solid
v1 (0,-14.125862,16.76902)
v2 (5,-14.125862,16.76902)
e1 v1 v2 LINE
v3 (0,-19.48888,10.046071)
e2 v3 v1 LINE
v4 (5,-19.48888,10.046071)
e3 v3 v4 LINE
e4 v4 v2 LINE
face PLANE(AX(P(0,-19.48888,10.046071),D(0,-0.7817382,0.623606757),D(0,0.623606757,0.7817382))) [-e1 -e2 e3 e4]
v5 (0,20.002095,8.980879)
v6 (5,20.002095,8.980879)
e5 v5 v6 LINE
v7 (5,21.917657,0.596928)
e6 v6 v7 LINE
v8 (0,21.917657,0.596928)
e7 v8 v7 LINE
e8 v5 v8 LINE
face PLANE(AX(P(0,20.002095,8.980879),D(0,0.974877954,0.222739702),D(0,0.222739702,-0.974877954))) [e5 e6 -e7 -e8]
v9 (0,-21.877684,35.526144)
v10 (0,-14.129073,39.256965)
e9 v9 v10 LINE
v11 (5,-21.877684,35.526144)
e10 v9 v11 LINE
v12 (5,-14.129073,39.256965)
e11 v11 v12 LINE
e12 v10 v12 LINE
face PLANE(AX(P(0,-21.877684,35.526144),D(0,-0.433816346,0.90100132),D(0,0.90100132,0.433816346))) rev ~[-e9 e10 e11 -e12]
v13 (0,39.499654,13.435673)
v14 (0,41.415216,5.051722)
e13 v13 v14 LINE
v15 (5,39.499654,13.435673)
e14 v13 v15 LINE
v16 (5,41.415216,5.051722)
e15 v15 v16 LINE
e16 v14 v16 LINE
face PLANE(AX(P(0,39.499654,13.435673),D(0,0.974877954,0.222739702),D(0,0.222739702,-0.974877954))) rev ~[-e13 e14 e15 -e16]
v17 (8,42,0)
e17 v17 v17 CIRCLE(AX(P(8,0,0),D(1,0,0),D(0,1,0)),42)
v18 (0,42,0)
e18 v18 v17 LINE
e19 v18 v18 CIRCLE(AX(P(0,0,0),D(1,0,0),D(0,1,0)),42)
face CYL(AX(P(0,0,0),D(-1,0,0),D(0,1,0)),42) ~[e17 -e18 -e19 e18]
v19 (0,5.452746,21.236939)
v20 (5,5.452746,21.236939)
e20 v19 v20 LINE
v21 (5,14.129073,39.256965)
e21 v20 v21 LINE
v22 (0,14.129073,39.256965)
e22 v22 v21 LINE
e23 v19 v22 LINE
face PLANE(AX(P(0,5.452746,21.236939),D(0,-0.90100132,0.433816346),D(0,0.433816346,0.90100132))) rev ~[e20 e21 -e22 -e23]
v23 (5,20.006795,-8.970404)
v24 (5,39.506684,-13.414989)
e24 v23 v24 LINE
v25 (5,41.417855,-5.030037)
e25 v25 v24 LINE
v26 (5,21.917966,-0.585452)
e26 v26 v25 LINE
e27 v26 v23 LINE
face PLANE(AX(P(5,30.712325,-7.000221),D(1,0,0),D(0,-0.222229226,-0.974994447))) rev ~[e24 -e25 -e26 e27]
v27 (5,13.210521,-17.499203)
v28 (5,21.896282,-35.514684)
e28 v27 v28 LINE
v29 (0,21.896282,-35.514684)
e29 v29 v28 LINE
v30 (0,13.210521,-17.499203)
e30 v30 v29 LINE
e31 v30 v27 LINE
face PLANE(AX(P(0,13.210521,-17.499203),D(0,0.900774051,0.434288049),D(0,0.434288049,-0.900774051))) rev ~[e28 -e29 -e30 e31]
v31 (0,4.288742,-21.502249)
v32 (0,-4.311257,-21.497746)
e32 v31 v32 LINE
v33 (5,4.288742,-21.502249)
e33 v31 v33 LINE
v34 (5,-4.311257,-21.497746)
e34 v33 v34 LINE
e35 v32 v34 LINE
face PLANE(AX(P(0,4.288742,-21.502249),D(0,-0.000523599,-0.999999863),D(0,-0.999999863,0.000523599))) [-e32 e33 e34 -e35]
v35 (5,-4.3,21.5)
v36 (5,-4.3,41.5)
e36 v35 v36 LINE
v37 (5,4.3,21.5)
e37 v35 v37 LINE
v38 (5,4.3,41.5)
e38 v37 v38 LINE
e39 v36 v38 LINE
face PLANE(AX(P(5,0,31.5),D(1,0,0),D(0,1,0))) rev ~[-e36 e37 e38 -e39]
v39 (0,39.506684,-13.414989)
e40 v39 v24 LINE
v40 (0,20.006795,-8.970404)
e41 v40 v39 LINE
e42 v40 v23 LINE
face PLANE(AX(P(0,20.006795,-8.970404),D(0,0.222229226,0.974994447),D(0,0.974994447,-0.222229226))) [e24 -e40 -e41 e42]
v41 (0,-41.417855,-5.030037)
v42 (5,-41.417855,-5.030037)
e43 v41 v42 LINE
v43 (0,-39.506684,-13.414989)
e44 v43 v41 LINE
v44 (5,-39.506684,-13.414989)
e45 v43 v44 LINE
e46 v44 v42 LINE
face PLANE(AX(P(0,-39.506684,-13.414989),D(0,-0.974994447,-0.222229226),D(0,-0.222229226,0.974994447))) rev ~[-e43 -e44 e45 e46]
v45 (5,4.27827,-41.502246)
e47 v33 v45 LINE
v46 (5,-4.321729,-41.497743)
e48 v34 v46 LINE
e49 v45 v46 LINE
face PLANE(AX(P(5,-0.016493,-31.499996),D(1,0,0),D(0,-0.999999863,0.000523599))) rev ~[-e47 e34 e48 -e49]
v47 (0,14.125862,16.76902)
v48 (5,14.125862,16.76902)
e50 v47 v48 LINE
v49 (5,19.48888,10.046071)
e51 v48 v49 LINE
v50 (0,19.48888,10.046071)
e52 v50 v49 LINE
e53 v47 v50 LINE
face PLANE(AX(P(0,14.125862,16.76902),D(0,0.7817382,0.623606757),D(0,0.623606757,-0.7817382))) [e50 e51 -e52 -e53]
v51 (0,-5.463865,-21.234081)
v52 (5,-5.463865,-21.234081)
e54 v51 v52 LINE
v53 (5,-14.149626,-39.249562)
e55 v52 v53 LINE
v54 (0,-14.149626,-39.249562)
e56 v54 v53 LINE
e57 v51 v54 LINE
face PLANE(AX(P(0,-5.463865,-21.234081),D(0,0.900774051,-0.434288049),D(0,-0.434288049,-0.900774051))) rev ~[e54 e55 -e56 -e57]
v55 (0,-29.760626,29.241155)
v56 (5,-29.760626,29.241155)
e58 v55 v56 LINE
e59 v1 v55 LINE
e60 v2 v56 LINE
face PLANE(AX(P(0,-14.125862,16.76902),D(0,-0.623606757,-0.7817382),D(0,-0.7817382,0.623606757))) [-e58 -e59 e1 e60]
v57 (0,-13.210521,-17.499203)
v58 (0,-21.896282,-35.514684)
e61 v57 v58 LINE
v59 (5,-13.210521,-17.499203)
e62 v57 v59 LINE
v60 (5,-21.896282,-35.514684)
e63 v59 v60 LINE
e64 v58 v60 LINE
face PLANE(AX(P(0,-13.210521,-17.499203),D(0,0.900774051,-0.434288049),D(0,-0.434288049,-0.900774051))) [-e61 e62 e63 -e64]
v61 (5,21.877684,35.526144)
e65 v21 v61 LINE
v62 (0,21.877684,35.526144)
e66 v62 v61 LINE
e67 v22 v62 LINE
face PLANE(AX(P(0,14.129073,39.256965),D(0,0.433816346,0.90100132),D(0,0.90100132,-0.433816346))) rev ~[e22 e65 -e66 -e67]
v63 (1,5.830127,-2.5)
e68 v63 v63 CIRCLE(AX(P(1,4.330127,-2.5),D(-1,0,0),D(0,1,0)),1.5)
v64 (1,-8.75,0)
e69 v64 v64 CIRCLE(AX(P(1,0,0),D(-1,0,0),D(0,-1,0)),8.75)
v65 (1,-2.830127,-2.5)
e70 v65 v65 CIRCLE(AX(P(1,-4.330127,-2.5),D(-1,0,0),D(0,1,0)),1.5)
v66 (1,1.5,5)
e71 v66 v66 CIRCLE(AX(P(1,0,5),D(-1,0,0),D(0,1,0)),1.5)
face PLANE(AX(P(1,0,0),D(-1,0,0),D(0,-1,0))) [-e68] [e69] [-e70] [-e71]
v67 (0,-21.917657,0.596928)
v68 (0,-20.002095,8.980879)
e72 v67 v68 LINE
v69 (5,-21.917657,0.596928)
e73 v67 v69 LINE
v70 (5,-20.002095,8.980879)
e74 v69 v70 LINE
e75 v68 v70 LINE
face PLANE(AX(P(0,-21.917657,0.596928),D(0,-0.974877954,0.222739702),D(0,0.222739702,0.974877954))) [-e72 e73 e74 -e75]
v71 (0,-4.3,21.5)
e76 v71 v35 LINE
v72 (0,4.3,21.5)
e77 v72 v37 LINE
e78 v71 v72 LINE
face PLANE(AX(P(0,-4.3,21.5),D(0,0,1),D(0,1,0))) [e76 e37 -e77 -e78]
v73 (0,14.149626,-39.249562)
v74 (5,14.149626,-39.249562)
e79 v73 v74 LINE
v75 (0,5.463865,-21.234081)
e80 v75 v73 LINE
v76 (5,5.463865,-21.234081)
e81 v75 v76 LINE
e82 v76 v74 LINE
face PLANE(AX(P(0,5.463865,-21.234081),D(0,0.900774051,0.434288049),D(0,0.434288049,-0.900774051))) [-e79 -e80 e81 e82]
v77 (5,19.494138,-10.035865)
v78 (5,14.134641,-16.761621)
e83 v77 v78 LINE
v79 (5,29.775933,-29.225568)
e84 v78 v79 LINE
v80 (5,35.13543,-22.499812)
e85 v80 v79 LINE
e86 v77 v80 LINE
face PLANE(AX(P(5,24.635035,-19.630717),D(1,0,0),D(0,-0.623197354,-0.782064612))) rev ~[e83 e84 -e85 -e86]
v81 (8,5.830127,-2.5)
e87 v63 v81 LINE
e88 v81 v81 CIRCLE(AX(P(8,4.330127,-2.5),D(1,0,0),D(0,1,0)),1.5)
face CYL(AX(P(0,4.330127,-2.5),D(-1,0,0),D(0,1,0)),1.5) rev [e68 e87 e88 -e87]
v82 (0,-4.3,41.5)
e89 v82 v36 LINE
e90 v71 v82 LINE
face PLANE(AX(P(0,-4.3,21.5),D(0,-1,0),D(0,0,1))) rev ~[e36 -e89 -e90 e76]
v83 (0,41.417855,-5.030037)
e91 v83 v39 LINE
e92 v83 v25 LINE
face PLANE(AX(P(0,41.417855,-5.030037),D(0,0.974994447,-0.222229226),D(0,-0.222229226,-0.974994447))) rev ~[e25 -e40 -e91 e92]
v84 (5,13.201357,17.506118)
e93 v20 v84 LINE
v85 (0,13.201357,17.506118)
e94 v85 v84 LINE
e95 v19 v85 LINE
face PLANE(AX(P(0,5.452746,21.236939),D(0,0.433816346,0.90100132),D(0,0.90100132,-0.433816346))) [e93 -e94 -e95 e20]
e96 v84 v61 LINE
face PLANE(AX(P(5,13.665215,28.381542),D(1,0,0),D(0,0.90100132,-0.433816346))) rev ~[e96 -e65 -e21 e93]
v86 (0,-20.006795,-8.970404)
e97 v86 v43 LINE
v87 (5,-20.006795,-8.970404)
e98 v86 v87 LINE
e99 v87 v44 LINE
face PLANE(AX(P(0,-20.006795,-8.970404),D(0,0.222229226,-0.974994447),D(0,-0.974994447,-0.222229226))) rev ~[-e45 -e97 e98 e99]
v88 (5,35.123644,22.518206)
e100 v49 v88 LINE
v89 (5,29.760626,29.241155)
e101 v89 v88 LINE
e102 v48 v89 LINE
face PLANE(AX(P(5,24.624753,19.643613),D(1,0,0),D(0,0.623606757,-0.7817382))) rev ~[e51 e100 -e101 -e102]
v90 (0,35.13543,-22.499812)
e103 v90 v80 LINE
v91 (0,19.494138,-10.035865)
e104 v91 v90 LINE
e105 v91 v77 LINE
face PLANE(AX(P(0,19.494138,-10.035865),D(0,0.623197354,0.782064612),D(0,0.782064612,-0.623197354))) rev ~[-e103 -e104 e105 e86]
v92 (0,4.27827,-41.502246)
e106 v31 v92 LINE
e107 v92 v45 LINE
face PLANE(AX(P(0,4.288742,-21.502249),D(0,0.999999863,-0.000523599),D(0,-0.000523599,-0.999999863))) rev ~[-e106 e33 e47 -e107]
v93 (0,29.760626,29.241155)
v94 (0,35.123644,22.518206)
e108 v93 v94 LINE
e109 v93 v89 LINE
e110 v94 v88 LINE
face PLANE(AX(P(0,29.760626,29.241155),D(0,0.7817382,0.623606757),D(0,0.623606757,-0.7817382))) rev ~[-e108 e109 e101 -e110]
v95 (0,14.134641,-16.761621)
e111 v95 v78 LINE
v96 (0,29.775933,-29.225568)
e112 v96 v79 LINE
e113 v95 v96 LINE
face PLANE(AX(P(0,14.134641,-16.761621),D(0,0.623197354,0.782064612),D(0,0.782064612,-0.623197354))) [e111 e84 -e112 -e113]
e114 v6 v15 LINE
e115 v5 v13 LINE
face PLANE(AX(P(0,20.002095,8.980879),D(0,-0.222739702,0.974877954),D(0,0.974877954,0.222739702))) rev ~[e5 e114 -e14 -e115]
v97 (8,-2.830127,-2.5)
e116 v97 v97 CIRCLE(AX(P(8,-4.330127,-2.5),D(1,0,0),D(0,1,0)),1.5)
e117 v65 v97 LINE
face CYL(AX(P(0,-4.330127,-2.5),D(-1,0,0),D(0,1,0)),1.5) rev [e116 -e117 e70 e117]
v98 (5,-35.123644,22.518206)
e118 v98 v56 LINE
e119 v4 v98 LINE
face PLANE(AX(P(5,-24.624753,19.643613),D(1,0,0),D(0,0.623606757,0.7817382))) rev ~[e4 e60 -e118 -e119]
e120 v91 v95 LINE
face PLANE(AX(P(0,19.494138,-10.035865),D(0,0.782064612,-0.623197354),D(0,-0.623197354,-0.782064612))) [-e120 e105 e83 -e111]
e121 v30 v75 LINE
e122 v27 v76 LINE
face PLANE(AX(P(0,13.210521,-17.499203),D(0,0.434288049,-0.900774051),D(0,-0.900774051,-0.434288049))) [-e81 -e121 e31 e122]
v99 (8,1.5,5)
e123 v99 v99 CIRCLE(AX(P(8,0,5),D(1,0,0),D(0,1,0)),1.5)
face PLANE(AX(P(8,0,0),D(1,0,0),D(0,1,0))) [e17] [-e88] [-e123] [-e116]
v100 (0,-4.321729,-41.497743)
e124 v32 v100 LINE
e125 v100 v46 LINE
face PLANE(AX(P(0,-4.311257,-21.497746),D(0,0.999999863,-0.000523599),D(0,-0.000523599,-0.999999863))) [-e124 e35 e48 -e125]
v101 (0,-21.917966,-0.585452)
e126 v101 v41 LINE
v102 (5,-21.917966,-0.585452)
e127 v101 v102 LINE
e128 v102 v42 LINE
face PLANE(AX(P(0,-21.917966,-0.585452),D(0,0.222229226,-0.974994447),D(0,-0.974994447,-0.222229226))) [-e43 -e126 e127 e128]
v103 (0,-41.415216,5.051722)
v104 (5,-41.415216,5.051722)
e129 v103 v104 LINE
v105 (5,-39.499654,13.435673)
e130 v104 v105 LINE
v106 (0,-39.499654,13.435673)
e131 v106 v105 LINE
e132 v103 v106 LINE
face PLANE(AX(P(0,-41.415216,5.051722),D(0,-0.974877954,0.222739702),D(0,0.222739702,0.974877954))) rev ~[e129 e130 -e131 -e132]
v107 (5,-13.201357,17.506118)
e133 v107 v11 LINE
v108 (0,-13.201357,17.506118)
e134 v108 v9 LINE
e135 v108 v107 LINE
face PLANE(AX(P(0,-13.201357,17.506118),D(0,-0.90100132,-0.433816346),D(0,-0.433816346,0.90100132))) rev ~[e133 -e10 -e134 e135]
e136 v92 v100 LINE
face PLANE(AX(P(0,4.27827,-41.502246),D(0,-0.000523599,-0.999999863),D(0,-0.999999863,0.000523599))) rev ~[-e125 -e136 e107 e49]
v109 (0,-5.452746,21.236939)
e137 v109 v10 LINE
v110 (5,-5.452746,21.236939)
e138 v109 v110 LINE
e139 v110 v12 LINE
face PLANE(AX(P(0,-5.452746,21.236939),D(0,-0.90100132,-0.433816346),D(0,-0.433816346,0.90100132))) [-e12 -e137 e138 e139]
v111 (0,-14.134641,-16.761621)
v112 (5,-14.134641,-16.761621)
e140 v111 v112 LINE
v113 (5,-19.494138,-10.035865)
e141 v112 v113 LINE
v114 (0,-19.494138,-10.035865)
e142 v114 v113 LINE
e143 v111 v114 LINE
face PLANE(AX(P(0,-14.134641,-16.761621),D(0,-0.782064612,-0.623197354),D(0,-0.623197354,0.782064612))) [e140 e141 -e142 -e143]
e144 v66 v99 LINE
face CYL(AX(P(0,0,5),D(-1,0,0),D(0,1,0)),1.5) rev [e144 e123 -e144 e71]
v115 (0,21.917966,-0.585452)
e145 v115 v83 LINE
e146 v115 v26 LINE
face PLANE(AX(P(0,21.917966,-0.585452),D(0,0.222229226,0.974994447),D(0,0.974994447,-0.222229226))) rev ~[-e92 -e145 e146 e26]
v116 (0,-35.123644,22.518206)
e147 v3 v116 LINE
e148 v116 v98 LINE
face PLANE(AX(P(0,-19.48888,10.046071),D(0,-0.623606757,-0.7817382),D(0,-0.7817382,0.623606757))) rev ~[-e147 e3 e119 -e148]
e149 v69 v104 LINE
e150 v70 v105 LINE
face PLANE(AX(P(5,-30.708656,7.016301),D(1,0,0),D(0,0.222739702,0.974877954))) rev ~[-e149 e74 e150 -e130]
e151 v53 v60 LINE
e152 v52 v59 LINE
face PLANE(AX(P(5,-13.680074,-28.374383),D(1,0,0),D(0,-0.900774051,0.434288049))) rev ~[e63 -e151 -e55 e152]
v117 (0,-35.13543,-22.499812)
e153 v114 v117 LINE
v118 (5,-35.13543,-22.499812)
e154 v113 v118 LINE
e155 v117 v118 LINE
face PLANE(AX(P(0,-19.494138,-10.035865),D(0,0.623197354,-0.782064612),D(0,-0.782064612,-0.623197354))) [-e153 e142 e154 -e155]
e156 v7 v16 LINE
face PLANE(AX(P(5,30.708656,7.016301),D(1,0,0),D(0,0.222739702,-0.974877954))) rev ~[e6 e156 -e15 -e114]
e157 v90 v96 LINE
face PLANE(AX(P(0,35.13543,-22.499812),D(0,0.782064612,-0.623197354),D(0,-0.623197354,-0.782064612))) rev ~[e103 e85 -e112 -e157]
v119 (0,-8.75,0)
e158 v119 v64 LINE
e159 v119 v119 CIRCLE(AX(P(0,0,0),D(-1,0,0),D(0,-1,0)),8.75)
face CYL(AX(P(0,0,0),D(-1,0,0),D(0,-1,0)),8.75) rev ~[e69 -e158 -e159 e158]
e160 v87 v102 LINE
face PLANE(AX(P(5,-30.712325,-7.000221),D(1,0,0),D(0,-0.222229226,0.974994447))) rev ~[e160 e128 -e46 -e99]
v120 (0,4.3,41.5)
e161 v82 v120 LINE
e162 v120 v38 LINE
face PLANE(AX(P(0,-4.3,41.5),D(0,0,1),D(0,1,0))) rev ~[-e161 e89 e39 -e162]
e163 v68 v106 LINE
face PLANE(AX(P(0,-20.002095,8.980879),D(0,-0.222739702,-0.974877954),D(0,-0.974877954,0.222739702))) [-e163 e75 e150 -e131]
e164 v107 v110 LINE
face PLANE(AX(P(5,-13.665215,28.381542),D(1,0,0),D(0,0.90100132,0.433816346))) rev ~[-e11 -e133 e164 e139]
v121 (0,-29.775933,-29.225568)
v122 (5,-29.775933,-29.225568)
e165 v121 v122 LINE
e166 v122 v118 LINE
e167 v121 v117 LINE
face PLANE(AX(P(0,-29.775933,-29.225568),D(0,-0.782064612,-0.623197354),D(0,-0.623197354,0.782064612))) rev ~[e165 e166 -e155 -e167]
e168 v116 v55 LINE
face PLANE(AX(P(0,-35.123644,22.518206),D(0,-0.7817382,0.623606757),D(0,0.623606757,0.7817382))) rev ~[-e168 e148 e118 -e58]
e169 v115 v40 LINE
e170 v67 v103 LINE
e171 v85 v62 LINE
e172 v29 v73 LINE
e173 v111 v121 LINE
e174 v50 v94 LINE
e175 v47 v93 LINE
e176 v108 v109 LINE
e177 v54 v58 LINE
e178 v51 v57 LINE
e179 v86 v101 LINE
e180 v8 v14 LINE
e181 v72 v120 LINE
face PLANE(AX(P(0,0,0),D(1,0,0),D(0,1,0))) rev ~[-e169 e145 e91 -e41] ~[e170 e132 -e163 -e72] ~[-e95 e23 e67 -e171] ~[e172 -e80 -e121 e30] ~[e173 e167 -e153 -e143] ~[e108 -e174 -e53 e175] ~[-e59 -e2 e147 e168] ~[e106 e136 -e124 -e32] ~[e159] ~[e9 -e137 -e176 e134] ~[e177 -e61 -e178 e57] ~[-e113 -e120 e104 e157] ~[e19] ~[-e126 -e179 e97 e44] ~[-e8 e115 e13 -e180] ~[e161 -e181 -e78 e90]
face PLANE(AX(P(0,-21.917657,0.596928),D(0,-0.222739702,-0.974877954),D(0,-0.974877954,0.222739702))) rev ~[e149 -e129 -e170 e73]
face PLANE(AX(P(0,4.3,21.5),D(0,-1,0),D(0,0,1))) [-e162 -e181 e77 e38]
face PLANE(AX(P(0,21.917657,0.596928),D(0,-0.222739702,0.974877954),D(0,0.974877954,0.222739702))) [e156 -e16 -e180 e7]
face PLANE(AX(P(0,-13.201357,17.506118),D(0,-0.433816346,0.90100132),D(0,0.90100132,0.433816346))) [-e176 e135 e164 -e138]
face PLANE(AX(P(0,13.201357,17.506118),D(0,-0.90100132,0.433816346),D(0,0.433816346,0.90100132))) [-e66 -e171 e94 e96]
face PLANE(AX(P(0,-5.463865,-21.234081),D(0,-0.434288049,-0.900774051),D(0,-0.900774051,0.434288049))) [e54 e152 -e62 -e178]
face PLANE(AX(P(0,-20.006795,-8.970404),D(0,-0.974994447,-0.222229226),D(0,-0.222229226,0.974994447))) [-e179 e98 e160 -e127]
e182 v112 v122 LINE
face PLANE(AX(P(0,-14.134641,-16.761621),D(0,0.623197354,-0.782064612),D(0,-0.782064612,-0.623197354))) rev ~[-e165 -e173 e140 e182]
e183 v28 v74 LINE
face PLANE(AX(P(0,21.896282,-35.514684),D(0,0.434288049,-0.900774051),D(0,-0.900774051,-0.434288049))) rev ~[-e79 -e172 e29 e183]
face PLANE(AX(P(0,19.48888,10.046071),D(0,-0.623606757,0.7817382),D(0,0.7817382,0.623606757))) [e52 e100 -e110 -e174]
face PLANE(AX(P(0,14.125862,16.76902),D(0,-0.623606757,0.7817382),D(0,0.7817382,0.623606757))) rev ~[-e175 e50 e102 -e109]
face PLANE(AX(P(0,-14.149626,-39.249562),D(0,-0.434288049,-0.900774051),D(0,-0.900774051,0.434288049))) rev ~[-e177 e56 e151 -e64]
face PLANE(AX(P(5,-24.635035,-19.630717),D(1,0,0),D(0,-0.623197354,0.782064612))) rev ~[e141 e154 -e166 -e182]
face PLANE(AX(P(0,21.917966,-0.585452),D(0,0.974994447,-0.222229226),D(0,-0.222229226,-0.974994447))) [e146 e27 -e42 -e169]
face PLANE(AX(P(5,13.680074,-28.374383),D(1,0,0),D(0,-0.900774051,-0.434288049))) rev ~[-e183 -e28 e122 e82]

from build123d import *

# Parameters (mm, degrees)
SKETCH086_W             = 8.6
SKETCH086_H             = 20
PAD067_DEPTH            = 5
SKETCH087_W             = 8.6
SKETCH087_H             = 20
PAD068_DEPTH            = 5
BODY068_PLACEMENT_ANGLE = 334.29
SKETCH088_W             = 8.6
SKETCH088_H             = 20
PAD069_DEPTH            = 5
BODY069_PLACEMENT_ANGLE = 308.58
SKETCH089_W             = 8.6
SKETCH089_H             = 20
PAD070_DEPTH            = 5
BODY070_PLACEMENT_ANGLE = 282.87
SKETCH090_W             = 8.6
SKETCH090_H             = 20
PAD071_DEPTH            = 5
BODY071_PLACEMENT_ANGLE = 257.16
SKETCH091_W             = 8.6
SKETCH091_H             = 20
PAD072_DEPTH            = 5
BODY072_PLACEMENT_ANGLE = 231.45
SKETCH092_W             = 8.6
SKETCH092_H             = 20
PAD073_DEPTH            = 5
BODY073_PLACEMENT_ANGLE = 205.74
SKETCH093_W             = 8.6
SKETCH093_H             = 20
PAD074_DEPTH            = 5
BODY074_PLACEMENT_ANGLE = 179.97
SKETCH094_W             = 8.6
SKETCH094_H             = 20
PAD075_DEPTH            = 5
BODY075_PLACEMENT_ANGLE = 154.26
SKETCH095_W             = 8.6
SKETCH095_H             = 20
PAD076_DEPTH            = 5
BODY076_PLACEMENT_ANGLE = 128.55
SKETCH096_W             = 8.6
SKETCH096_H             = 20
PAD077_DEPTH            = 5
BODY077_PLACEMENT_ANGLE = 102.84
SKETCH097_W             = 8.6
SKETCH097_H             = 20
PAD078_DEPTH            = 5
BODY078_PLACEMENT_ANGLE = 77.13
SKETCH098_W             = 8.6
SKETCH098_H             = 20
PAD079_DEPTH            = 5
BODY079_PLACEMENT_ANGLE = 51.42
SKETCH099_W             = 8.6
SKETCH099_H             = 20
PAD080_DEPTH            = 5
BODY080_PLACEMENT_ANGLE = 25.71
SKETCH019_R             = 42
SKETCH019_R_2           = 1.5
PAD016_DEPTH            = 8
SKETCH100_R             = 8.75
POCKET009_DEPTH         = 1


with BuildPart() as body067:
    # Sketch086 → Pad067 (new body)
    with BuildSketch(Plane.YZ):
        with Locations((0, 31.5)):
            Rectangle(SKETCH086_W, SKETCH086_H)
    extrude(amount=PAD067_DEPTH)


with BuildPart() as body068:
    # Sketch087 → Pad068 (new body)
    with BuildSketch(Plane.YZ):
        with Locations((0, 31.5)):
            Rectangle(SKETCH087_W, SKETCH087_H)
    extrude(amount=PAD068_DEPTH)


with BuildPart() as body068_1:
    # Body068 placement: moved
    add(body068.part.rotate(Axis((0, 0, 0), (1, 0, 0)), BODY068_PLACEMENT_ANGLE))


with BuildPart() as body069:
    # Sketch088 → Pad069 (new body)
    with BuildSketch(Plane.YZ):
        with Locations((0, 31.5)):
            Rectangle(SKETCH088_W, SKETCH088_H)
    extrude(amount=PAD069_DEPTH)


with BuildPart() as body069_1:
    # Body069 placement: moved
    add(body069.part.rotate(Axis((0, 0, 0), (1, 0, 0)), BODY069_PLACEMENT_ANGLE))


with BuildPart() as body070:
    # Sketch089 → Pad070 (new body)
    with BuildSketch(Plane.YZ):
        with Locations((0, 31.5)):
            Rectangle(SKETCH089_W, SKETCH089_H)
    extrude(amount=PAD070_DEPTH)


with BuildPart() as body070_1:
    # Body070 placement: moved
    add(body070.part.rotate(Axis((0, 0, 0), (1, 0, 0)), BODY070_PLACEMENT_ANGLE))


with BuildPart() as body071:
    # Sketch090 → Pad071 (new body)
    with BuildSketch(Plane.YZ):
        with Locations((0, 31.5)):
            Rectangle(SKETCH090_W, SKETCH090_H)
    extrude(amount=PAD071_DEPTH)


with BuildPart() as body071_1:
    # Body071 placement: moved
    add(body071.part.rotate(Axis((0, 0, 0), (1, 0, 0)), BODY071_PLACEMENT_ANGLE))


with BuildPart() as body072:
    # Sketch091 → Pad072 (new body)
    with BuildSketch(Plane.YZ):
        with Locations((0, 31.5)):
            Rectangle(SKETCH091_W, SKETCH091_H)
    extrude(amount=PAD072_DEPTH)


with BuildPart() as body072_1:
    # Body072 placement: moved
    add(body072.part.rotate(Axis((0, 0, 0), (1, 0, 0)), BODY072_PLACEMENT_ANGLE))


with BuildPart() as body073:
    # Sketch092 → Pad073 (new body)
    with BuildSketch(Plane.YZ):
        with Locations((0, 31.5)):
            Rectangle(SKETCH092_W, SKETCH092_H)
    extrude(amount=PAD073_DEPTH)


with BuildPart() as body073_1:
    # Body073 placement: moved
    add(body073.part.rotate(Axis((0, 0, 0), (1, 0, 0)), BODY073_PLACEMENT_ANGLE))


with BuildPart() as body074:
    # Sketch093 → Pad074 (new body)
    with BuildSketch(Plane.YZ):
        with Locations((0, 31.5)):
            Rectangle(SKETCH093_W, SKETCH093_H)
    extrude(amount=PAD074_DEPTH)


with BuildPart() as body074_1:
    # Body074 placement: moved
    add(body074.part.rotate(Axis((0, 0, 0), (1, 0, 0)), BODY074_PLACEMENT_ANGLE))


with BuildPart() as body075:
    # Sketch094 → Pad075 (new body)
    with BuildSketch(Plane.YZ):
        with Locations((0, 31.5)):
            Rectangle(SKETCH094_W, SKETCH094_H)
    extrude(amount=PAD075_DEPTH)


with BuildPart() as body075_1:
    # Body075 placement: moved
    add(body075.part.rotate(Axis((0, 0, 0), (1, 0, 0)), BODY075_PLACEMENT_ANGLE))


with BuildPart() as body076:
    # Sketch095 → Pad076 (new body)
    with BuildSketch(Plane.YZ):
        with Locations((0, 31.5)):
            Rectangle(SKETCH095_W, SKETCH095_H)
    extrude(amount=PAD076_DEPTH)


with BuildPart() as body076_1:
    # Body076 placement: moved
    add(body076.part.rotate(Axis((0, 0, 0), (1, 0, 0)), BODY076_PLACEMENT_ANGLE))


with BuildPart() as body077:
    # Sketch096 → Pad077 (new body)
    with BuildSketch(Plane.YZ):
        with Locations((0, 31.5)):
            Rectangle(SKETCH096_W, SKETCH096_H)
    extrude(amount=PAD077_DEPTH)


with BuildPart() as body077_1:
    # Body077 placement: moved
    add(body077.part.rotate(Axis((0, 0, 0), (1, 0, 0)), BODY077_PLACEMENT_ANGLE))


with BuildPart() as body078:
    # Sketch097 → Pad078 (new body)
    with BuildSketch(Plane.YZ):
        with Locations((0, 31.5)):
            Rectangle(SKETCH097_W, SKETCH097_H)
    extrude(amount=PAD078_DEPTH)


with BuildPart() as body078_1:
    # Body078 placement: moved
    add(body078.part.rotate(Axis((0, 0, 0), (1, 0, 0)), BODY078_PLACEMENT_ANGLE))


with BuildPart() as body079:
    # Sketch098 → Pad079 (new body)
    with BuildSketch(Plane.YZ):
        with Locations((0, 31.5)):
            Rectangle(SKETCH098_W, SKETCH098_H)
    extrude(amount=PAD079_DEPTH)


with BuildPart() as body079_1:
    # Body079 placement: moved
    add(body079.part.rotate(Axis((0, 0, 0), (1, 0, 0)), BODY079_PLACEMENT_ANGLE))


with BuildPart() as body080:
    # Sketch099 → Pad080 (new body)
    with BuildSketch(Plane.YZ):
        with Locations((0, 31.5)):
            Rectangle(SKETCH099_W, SKETCH099_H)
    extrude(amount=PAD080_DEPTH)


with BuildPart() as body080_1:
    # Body080 placement: moved
    add(body080.part.rotate(Axis((0, 0, 0), (1, 0, 0)), BODY080_PLACEMENT_ANGLE))


with BuildPart() as body016:
    # Sketch019 → Pad016 (new body)
    with BuildSketch(Plane.YZ):
        Circle(SKETCH019_R)
        with Locations((0, 5)):
            Circle(SKETCH019_R_2, mode=Mode.SUBTRACT)
        with Locations((4.330127, -2.5)):
            Circle(SKETCH019_R_2, mode=Mode.SUBTRACT)
        with Locations((-4.330127, -2.5)):
            Circle(SKETCH019_R_2, mode=Mode.SUBTRACT)
    extrude(amount=PAD016_DEPTH)

    # Boolean014: cut Body067, Body068, Body069, Body070, Body071, Body072, Body073, Body074, Body075, Body076, Body077, Body078, Body079, Body080
    add(body067.part, mode=Mode.SUBTRACT)
    add(body068_1.part, mode=Mode.SUBTRACT)
    add(body069_1.part, mode=Mode.SUBTRACT)
    add(body070_1.part, mode=Mode.SUBTRACT)
    add(body071_1.part, mode=Mode.SUBTRACT)
    add(body072_1.part, mode=Mode.SUBTRACT)
    add(body073_1.part, mode=Mode.SUBTRACT)
    add(body074_1.part, mode=Mode.SUBTRACT)
    add(body075_1.part, mode=Mode.SUBTRACT)
    add(body076_1.part, mode=Mode.SUBTRACT)
    add(body077_1.part, mode=Mode.SUBTRACT)
    add(body078_1.part, mode=Mode.SUBTRACT)
    add(body079_1.part, mode=Mode.SUBTRACT)
    add(body080_1.part, mode=Mode.SUBTRACT)

    # Sketch100 (on DatumPlane) → Pocket009 (cut)
    with BuildSketch(Plane(origin=(0, 0, 0), x_dir=(0, -1, 0), z_dir=(-1, 0, 0))):
        Circle(SKETCH100_R)
    extrude(amount=-POCKET009_DEPTH, mode=Mode.SUBTRACT)


solid = body016.part
